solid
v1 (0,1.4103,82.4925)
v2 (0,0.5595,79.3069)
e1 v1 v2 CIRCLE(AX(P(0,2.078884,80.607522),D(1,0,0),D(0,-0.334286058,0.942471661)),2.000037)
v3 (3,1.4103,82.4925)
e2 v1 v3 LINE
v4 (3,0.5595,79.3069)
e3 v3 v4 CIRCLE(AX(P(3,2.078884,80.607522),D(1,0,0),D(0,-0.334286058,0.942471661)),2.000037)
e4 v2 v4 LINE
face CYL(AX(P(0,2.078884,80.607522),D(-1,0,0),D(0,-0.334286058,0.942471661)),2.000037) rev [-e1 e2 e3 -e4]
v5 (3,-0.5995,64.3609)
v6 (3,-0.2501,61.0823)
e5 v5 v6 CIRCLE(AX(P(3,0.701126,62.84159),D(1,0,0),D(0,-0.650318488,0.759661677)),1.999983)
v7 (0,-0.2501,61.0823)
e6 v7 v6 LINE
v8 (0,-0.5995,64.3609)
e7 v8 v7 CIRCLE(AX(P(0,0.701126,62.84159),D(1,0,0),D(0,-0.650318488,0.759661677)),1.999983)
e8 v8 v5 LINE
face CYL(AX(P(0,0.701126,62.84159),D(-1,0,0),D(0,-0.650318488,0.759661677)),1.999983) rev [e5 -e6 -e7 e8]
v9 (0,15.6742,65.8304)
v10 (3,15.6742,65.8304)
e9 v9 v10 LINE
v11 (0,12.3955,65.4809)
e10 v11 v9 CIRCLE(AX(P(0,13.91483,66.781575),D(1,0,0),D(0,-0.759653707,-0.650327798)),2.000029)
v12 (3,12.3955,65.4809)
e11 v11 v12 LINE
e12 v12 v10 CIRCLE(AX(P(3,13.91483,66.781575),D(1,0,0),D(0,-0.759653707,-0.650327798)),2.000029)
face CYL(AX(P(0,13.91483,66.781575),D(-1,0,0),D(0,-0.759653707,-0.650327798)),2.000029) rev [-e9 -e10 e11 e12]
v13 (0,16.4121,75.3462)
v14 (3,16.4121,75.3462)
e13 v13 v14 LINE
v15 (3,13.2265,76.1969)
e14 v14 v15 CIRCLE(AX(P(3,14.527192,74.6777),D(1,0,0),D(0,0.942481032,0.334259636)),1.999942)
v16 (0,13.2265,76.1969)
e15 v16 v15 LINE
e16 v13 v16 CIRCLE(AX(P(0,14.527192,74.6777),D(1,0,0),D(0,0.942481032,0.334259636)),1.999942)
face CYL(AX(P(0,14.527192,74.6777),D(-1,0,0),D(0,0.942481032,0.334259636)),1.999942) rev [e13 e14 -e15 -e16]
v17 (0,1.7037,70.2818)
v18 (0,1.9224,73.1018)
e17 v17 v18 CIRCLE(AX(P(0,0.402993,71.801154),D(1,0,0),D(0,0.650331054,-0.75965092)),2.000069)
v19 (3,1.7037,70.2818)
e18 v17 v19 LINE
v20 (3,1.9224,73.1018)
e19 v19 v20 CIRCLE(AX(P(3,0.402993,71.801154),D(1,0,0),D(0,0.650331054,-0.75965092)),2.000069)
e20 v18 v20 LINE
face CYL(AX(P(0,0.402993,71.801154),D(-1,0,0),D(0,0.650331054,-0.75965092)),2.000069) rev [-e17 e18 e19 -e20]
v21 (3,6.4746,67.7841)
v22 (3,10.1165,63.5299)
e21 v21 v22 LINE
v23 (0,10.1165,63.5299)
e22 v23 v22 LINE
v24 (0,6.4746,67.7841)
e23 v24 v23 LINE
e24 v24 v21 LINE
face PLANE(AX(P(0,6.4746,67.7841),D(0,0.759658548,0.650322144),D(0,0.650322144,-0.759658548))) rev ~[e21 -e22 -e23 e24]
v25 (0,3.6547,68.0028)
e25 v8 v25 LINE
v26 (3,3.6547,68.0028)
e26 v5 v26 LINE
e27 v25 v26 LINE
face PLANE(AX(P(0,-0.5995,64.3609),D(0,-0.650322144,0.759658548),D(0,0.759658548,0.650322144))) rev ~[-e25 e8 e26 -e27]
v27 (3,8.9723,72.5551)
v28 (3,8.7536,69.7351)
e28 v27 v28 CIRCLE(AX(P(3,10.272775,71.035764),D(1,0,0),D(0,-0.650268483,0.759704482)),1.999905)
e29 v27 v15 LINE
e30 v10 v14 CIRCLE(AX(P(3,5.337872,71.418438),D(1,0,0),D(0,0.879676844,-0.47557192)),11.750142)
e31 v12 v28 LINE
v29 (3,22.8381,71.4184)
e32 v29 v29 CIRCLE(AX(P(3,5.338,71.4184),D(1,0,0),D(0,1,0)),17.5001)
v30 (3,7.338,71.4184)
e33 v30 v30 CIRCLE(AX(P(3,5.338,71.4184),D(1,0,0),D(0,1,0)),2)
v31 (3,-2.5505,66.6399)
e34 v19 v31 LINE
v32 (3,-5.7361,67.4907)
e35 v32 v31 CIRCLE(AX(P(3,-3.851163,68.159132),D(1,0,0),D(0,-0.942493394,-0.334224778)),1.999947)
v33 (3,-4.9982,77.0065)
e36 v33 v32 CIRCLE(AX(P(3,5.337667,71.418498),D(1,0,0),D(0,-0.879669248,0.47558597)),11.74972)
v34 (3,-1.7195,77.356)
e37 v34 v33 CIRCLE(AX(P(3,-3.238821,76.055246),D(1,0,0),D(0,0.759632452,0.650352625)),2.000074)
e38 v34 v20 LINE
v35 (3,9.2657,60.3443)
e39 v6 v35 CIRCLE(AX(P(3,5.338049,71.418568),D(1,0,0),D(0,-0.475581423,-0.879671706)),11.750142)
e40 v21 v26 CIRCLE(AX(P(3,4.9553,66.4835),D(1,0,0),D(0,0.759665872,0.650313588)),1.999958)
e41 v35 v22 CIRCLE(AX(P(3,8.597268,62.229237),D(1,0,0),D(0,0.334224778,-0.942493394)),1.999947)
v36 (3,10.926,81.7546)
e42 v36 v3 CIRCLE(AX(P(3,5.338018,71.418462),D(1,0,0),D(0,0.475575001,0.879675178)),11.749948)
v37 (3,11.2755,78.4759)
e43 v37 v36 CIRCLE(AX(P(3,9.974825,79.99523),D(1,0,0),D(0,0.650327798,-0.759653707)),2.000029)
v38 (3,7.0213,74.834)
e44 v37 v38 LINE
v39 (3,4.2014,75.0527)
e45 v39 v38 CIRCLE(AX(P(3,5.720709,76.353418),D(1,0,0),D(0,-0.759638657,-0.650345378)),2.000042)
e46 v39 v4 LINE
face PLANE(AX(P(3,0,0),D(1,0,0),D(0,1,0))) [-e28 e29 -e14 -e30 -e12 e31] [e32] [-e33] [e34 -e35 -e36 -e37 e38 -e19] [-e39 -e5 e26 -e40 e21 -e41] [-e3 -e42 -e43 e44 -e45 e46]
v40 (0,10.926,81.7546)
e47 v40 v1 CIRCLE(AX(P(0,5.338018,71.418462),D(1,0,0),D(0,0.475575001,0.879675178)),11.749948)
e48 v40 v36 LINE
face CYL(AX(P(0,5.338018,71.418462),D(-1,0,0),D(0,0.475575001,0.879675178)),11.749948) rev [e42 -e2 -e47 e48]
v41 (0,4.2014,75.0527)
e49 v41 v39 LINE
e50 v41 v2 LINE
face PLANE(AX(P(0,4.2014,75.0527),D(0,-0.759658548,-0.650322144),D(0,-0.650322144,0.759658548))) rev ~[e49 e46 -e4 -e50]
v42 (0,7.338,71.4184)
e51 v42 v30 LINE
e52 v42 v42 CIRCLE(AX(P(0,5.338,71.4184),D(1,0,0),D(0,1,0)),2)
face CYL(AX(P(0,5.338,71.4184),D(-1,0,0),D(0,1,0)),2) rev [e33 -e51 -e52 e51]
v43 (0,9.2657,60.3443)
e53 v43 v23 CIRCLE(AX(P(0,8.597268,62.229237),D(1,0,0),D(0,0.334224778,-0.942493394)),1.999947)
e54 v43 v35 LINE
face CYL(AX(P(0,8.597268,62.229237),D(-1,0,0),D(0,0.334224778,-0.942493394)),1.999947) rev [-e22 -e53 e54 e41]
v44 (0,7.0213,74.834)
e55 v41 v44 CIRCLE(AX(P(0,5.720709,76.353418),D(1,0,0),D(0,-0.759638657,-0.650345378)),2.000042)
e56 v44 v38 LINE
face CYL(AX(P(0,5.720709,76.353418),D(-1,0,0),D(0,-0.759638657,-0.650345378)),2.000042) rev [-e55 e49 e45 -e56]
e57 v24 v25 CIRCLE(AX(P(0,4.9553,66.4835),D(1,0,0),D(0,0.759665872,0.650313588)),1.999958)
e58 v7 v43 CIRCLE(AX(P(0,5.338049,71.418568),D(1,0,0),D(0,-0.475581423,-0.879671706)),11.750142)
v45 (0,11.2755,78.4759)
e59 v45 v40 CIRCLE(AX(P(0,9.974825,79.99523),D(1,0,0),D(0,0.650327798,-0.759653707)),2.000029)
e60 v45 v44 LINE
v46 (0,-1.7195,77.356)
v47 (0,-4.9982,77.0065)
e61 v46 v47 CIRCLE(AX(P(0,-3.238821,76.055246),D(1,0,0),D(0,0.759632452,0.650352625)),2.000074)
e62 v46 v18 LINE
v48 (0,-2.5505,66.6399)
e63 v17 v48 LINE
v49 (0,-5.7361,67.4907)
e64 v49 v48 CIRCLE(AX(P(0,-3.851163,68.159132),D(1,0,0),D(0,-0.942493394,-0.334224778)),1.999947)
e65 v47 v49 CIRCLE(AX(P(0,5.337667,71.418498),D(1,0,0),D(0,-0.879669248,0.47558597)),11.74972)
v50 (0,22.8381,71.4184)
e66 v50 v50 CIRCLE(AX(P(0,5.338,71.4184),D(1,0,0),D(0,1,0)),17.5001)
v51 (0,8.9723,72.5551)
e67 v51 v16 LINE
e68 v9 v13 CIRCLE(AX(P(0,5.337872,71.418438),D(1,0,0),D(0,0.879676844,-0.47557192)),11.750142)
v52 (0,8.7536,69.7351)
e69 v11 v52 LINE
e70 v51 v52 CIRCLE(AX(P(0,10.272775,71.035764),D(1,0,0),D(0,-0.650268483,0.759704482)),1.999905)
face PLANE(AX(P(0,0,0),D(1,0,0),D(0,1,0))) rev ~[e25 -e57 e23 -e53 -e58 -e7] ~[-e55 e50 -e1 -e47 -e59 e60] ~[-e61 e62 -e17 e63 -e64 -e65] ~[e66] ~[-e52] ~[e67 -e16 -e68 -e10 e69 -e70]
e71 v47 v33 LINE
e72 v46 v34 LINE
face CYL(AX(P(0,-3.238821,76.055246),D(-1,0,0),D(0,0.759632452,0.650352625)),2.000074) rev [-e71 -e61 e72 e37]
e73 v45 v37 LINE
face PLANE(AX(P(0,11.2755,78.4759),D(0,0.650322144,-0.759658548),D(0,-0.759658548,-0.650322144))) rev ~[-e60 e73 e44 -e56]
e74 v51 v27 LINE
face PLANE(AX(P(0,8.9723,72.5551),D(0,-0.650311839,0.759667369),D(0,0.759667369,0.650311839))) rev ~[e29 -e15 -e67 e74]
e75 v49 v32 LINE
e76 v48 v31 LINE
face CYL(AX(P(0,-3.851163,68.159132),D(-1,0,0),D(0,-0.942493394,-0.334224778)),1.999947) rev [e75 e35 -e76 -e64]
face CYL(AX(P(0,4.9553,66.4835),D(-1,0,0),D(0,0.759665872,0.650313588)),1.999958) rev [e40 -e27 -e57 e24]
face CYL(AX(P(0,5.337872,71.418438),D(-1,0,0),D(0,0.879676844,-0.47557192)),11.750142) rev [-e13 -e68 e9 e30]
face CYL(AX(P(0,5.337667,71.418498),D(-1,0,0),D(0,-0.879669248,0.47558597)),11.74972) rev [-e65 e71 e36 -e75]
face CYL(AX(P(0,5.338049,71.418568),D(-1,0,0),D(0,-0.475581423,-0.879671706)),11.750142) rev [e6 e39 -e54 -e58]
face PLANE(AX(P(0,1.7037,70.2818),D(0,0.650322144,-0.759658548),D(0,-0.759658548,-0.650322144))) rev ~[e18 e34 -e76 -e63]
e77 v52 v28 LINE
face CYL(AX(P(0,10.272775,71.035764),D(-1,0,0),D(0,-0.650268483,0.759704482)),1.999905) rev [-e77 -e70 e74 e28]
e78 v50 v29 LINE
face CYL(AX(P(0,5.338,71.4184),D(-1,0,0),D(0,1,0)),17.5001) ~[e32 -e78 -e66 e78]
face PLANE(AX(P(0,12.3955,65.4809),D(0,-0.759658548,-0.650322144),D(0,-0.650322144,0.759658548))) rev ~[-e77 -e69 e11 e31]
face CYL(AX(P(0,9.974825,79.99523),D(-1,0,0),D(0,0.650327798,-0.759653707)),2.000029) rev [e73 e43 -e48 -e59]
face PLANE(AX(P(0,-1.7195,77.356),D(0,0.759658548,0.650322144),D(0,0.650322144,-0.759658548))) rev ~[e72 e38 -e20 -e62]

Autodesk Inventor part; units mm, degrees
ref_plane "YZ Plane" through (0, 0, 0) normal (1, 0, 0) x (0, 1, 0)
ref_plane "XZ Plane" through (0, 0, 0) normal (0, 1, 0) x (-1, 0, 0)
ref_plane "XY Plane" through (0, 0, 0) normal (0, 0, 1) x (1, 0, 0)
sketch "Sketch1" plane through (0, 0, 0) normal (1, 0, 0) x (0, 1, 0)
  arc A0 (-4.9982, 77.0065) -> (-5.7361, 67.4907) centre (5.338, 71.4184) ccw
  arc A1 (-1.7195, 77.356) -> (-4.9982, 77.0065) centre (-3.2388, 76.0553) ccw
  line L0 (-1.7195, 77.356) -> (1.9224, 73.1018)
  arc A2 (1.7037, 70.2818) -> (1.9224, 73.1018) centre (0.4031, 71.8011) ccw
  line L1 (1.7037, 70.2818) -> (-2.5505, 66.6399)
  arc A3 (-5.7361, 67.4907) -> (-2.5505, 66.6399) centre (-3.8511, 68.1592) ccw
  arc A4 (-0.2501, 61.0823) -> (9.2657, 60.3443) centre (5.338, 71.4184) ccw
  arc A5 (-0.5995, 64.3609) -> (-0.2501, 61.0823) centre (0.7011, 62.8416) ccw
  line L2 (-0.5995, 64.3609) -> (3.6547, 68.0028)
  arc A6 (6.4746, 67.7841) -> (3.6547, 68.0028) centre (4.9553, 66.4835) ccw
  line L3 (6.4746, 67.7841) -> (10.1165, 63.5299)
  arc A7 (9.2657, 60.3443) -> (10.1165, 63.5299) centre (8.5972, 62.2293) ccw
  arc A8 (15.6742, 65.8304) -> (16.4121, 75.3462) centre (5.338, 71.4184) ccw
  arc A9 (12.3955, 65.4809) -> (15.6742, 65.8304) centre (13.9148, 66.7815) ccw
  line L4 (12.3955, 65.4809) -> (8.7536, 69.7351)
  arc A10 (8.9723, 72.5551) -> (8.7536, 69.7351) centre (10.2729, 71.0357) ccw
  line L5 (8.9723, 72.5551) -> (13.2265, 76.1969)
  arc A11 (16.4121, 75.3462) -> (13.2265, 76.1969) centre (14.5271, 74.6776) ccw
  line L6 (4.2014, 75.0527) -> (0.5595, 79.3069)
  arc A12 (1.4103, 82.4925) -> (0.5595, 79.3069) centre (2.0788, 80.6076) ccw
  arc A13 (10.926, 81.7546) -> (1.4103, 82.4925) centre (5.338, 71.4184) ccw
  arc A14 (11.2755, 78.4759) -> (10.926, 81.7546) centre (9.9749, 79.9952) ccw
  line L7 (11.2755, 78.4759) -> (7.0213, 74.834)
  arc A15 (4.2014, 75.0527) -> (7.0213, 74.834) centre (5.7207, 76.3534) ccw
  circle A16 centre (5.338, 71.4184) radius 17.5001
  circle A17 centre (5.338, 71.4184) radius 2
  point P0 (0, 0)
  dimension "d2" = 4
extrude "Extrusion1" add sketch "Sketch1" along normal blind 3
properties part number "Wheel"
